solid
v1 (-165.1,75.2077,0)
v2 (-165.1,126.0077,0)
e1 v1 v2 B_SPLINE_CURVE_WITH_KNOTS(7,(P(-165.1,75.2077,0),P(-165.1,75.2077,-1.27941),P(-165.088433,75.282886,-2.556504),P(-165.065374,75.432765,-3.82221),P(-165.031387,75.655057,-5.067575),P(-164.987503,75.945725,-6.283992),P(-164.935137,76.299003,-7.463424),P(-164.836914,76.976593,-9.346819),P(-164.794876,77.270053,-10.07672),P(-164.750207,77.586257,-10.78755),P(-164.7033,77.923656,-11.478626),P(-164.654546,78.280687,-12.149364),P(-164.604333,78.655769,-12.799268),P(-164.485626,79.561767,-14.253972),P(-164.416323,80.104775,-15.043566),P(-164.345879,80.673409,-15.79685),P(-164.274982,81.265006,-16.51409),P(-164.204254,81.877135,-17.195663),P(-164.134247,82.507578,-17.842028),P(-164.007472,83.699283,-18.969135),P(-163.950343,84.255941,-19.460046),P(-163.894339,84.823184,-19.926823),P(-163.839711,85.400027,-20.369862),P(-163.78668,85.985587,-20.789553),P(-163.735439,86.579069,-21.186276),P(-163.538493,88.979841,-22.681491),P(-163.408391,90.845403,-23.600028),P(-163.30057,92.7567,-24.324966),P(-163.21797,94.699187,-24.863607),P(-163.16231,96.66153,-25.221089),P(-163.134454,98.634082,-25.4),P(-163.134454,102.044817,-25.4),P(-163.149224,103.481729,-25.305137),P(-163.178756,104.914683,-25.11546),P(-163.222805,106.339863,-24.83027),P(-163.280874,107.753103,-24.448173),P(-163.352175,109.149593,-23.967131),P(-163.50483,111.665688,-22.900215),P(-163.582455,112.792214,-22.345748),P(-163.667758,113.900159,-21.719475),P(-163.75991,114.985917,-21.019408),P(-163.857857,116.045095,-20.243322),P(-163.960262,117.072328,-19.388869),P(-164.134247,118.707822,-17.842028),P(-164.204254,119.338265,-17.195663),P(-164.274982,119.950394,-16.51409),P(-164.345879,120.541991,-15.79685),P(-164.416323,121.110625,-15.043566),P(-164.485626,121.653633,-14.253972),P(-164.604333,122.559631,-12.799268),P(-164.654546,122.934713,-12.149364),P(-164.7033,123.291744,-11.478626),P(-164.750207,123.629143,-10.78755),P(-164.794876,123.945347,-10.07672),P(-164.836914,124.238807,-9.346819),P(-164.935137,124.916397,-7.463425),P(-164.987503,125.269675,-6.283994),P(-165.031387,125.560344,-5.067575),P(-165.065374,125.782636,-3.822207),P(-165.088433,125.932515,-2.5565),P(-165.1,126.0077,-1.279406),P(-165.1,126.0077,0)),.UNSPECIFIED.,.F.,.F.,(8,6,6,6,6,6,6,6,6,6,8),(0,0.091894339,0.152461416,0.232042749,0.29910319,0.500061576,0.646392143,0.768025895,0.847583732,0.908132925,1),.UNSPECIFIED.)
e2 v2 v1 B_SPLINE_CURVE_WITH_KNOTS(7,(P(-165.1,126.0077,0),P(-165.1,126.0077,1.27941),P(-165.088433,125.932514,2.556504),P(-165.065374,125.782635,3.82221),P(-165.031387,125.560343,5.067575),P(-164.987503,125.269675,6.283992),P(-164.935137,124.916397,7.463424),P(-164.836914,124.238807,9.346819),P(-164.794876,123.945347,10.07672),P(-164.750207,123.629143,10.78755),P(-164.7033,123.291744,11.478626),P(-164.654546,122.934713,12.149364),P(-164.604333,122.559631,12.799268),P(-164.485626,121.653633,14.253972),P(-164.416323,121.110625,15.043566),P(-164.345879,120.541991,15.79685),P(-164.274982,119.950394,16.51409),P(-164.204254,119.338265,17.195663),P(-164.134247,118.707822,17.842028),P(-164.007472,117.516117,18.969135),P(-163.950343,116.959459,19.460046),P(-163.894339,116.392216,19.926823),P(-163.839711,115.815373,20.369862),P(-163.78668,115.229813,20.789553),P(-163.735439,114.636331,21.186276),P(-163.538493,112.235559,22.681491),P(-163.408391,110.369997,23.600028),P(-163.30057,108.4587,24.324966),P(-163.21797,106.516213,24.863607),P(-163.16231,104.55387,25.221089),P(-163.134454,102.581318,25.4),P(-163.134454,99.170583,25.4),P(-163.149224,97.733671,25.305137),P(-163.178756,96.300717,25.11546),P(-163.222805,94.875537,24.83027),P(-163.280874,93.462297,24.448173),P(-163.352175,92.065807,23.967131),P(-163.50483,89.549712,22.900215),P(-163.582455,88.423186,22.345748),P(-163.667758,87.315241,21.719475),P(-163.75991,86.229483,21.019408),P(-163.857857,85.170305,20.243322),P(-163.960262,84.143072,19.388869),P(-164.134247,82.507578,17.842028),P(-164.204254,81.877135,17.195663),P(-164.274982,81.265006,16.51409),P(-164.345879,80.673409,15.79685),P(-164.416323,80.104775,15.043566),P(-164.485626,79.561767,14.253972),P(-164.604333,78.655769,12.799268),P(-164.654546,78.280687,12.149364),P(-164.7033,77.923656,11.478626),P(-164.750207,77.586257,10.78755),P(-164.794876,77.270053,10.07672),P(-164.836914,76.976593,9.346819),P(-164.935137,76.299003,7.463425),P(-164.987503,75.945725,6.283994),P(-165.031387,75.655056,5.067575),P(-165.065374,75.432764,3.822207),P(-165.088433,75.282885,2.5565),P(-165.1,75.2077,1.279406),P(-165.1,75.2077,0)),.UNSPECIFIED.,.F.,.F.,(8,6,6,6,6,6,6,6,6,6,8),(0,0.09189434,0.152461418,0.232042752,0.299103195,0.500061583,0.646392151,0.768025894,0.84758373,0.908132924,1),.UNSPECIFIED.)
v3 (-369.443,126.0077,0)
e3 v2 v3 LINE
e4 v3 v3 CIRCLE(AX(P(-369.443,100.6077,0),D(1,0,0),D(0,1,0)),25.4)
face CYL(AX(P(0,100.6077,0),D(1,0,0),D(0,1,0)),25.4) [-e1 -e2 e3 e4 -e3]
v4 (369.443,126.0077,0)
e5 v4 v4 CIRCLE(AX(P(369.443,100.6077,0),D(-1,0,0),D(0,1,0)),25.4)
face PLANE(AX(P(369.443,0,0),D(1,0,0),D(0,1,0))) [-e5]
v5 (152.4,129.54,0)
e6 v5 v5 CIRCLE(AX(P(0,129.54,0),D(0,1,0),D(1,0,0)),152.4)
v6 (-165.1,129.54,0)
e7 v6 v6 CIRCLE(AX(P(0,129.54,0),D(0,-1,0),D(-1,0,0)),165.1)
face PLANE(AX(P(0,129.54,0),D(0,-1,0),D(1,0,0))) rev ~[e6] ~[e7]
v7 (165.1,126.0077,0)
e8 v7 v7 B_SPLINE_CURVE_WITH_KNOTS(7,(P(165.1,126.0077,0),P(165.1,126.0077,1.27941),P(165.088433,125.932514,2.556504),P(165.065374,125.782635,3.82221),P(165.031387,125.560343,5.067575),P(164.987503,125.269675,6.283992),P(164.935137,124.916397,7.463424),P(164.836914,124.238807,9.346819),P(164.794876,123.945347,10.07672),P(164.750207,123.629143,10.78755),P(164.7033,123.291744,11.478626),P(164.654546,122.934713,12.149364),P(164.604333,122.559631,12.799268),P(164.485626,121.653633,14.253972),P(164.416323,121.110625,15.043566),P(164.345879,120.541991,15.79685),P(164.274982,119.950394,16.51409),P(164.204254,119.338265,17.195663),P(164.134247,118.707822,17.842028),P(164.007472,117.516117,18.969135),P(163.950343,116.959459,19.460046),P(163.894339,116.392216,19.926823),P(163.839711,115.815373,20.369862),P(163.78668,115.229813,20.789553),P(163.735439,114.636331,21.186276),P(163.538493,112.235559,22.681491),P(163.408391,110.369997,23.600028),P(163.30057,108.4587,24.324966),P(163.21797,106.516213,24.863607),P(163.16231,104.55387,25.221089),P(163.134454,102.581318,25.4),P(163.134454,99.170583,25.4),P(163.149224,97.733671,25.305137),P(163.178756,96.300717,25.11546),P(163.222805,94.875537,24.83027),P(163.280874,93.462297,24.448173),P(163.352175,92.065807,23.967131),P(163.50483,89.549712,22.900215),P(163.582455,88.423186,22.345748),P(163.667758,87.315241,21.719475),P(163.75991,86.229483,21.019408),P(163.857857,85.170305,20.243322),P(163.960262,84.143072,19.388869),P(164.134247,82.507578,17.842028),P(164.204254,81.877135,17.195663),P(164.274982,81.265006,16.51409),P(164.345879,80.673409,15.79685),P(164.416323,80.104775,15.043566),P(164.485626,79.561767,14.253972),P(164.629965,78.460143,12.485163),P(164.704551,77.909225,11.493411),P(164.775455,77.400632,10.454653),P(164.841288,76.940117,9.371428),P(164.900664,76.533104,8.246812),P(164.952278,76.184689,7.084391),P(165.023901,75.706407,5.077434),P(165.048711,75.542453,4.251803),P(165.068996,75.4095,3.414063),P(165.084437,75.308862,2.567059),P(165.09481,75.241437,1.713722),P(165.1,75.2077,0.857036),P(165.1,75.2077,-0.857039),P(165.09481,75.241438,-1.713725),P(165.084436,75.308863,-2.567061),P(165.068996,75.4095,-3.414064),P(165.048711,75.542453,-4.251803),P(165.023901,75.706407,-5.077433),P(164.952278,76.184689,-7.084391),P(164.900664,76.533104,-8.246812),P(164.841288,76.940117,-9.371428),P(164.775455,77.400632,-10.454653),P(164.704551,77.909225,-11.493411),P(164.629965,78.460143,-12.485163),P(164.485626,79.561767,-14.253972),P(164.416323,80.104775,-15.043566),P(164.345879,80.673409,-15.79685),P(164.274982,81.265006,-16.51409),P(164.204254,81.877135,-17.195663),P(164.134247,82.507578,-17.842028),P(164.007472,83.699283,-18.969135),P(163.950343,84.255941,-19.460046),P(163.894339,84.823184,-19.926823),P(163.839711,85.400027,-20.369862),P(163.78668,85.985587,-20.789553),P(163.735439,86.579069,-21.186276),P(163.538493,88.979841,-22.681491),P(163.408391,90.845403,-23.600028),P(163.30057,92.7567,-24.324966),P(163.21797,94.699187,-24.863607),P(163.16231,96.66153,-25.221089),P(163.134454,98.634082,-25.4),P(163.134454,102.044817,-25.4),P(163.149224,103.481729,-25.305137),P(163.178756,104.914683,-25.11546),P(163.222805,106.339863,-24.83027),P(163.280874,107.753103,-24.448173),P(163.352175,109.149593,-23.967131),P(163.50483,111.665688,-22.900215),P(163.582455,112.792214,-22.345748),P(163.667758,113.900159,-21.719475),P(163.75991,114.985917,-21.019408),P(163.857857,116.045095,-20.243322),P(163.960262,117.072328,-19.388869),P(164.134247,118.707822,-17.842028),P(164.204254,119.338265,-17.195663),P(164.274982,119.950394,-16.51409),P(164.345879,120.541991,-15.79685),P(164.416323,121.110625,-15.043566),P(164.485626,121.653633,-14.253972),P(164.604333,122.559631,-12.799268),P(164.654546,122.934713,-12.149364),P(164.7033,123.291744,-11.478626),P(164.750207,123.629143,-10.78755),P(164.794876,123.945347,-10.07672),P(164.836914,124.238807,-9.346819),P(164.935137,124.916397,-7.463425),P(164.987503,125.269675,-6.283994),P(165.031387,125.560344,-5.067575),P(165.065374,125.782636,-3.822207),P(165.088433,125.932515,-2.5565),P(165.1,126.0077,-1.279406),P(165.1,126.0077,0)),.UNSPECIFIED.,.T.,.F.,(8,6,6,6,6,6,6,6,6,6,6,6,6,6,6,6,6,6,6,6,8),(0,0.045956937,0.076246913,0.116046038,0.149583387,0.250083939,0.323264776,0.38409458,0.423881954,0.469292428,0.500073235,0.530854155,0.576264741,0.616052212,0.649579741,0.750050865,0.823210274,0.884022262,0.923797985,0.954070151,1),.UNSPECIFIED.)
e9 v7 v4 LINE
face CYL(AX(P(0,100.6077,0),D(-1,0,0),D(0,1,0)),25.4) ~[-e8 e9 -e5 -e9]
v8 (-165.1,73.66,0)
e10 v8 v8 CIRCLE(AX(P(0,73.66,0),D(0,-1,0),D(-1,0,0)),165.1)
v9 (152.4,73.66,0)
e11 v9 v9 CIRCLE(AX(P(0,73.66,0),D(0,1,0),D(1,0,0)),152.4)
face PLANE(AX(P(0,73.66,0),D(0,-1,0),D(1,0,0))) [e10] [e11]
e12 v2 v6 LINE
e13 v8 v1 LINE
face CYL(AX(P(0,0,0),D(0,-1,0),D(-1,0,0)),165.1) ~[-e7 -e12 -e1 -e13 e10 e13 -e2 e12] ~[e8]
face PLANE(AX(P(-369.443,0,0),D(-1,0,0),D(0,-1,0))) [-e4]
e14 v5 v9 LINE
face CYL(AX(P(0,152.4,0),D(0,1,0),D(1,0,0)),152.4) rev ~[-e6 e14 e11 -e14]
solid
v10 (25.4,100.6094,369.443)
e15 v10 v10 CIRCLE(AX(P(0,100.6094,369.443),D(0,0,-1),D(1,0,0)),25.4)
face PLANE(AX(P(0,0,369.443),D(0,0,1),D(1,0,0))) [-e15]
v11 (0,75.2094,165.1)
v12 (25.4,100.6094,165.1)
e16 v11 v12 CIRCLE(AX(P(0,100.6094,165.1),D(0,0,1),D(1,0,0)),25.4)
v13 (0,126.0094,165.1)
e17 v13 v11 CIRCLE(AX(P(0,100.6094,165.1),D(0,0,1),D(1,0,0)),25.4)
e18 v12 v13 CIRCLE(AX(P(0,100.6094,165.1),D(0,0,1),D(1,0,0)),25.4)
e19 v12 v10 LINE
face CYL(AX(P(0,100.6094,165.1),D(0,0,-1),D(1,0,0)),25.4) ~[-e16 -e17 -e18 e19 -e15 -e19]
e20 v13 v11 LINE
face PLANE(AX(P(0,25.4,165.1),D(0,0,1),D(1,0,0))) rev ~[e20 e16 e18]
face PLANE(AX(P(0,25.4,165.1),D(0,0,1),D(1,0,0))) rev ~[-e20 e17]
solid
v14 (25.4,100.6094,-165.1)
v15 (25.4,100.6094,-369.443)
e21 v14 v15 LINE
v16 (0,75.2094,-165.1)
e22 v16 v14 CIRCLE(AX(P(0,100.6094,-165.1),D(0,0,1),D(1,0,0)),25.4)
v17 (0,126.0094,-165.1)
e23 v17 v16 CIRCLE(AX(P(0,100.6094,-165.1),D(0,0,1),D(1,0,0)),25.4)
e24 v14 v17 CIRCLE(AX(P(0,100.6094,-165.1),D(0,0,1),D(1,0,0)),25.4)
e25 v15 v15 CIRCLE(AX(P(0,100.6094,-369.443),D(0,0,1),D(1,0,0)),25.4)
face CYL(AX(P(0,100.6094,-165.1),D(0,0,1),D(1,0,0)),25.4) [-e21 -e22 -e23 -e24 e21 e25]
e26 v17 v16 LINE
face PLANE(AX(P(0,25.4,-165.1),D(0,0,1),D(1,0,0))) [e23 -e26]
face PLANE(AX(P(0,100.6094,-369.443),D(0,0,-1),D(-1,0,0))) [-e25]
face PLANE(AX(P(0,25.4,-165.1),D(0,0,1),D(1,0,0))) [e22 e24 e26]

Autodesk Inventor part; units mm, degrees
sketch "Sketch1" plane through (0, 0, 0) normal (0, 1, 0) x (-1, 0, 0)
  circle A0 centre (0, 0) radius 63.5
  circle A1 centre (0, 0) radius 165.1
  dimension "d0" = 127
  dimension "d1" = 330.2
extrude "Extrusion1" add sketch "Sketch1" along normal blind 152.4
sketch "Sketch2" plane through (0, 0, 0) normal (1, 0, 0) x (0, 1, 0)
  circle A0 centre (100.6077, 0) radius 25.4
  point P0 (0, 0)
  dimension "d4" = 50.8
extrude "Extrusion2" add sketch "Sketch2" along normal mid plane 889
sketch "Sketch4" plane through (0, 152.4, 0) normal (0, 1, 0) x (1, 0, 0)
  circle A0 centre (0, 0) radius 152.4
extrude "Extrusion4" cut sketch "Sketch4" against normal through all
sketch "Sketch5" plane through (0, 152.4, 0) normal (0, 1, 0) x (1, 0, 0)
  circle A0 centre (0, 0) radius 165.1
extrude "Extrusion5" add sketch "Sketch5" along normal blind 50.8 draft -50
ref_plane "Work Plane2" through (75.376, -18.8821, -44.9646) normal (1, 0, 0) x (0, 1, 0)
ref_plane "Work Plane5" through (0, 25.4, 165.1) normal (0, 0, 1) x (1, 0, 0)
sketch "Sketch11" plane through (0, 25.4, 165.1) normal (0, 0, 1) x (1, 0, 0)
  circle A0 centre (0, 75.2094) radius 25.4
  line L0 (165.1, -25.4) -> (-165.1, -25.4) projected
  point P0 (0, -25.4)
  dimension "d31" = 50.8
  dimension "d32" = 100.6094
extrude "Extrusion11" add sketch "Sketch11" along normal blind 280.543
ref_plane "Work Plane6" through (0, 25.4, -165.1) normal (0, 0, 1) x (1, 0, 0)
sketch "Sketch12" plane through (0, 25.4, -165.1) normal (0, 0, 1) x (1, 0, 0)
  circle A0 centre (0, 75.2094) radius 25.4
  line L0 (165.1, -25.4) -> (-165.1, -25.4) projected
  point P0 (0, -25.4)
  dimension "d36" = 50.8
  dimension "d37" = 100.6094
extrude "Extrusion12" add sketch "Sketch12" against normal blind 280.543
ref_plane "Work Plane10" through (0, 152.4, 0) normal (0, -1, 0) x (1, 0, 0)
ref_plane "Work Plane9" through (0, 63.5, 0) normal (0, -1, 0) x (1, 0, 0)
sketch "Sketch13" plane through (0, 152.4, 0) normal (0, -1, 0) x (1, 0, 0)
  line L0 (-199.2875, -201.2037) -> (234.7376, -201.2037)
  line L1 (234.7376, -201.2037) -> (234.7376, 210.7848)
  line L2 (234.7376, 210.7848) -> (-199.2875, 210.7848)
  line L3 (-199.2875, 210.7848) -> (-199.2875, -201.2037)
  point P0 (0, 0)
extrude "Extrusion13" cut sketch "Sketch13" against normal blind 127
sketch "Sketch14" plane through (0, 63.5, 0) normal (0, -1, 0) x (1, 0, 0)
  line L0 (-189.7063, -193.5388) -> (215.5754, -193.5388)
  line L1 (215.5754, -193.5388) -> (215.5754, 199.2875)
  line L2 (215.5754, 199.2875) -> (-189.7063, 199.2875)
  line L3 (-189.7063, 199.2875) -> (-189.7063, -193.5388)
  point P0 (0, 0)
extrude "Extrusion14" cut sketch "Sketch14" along normal blind 127
sketch "Sketch15" plane through (0, 152.4, 0) normal (0, -1, 0) x (1, 0, 0)
  line L0 (-191.281, -206.2668) -> (200.0455, -206.2668)
  line L1 (200.0455, -206.2668) -> (200.0455, 203.7628)
  line L2 (200.0455, 203.7628) -> (-191.281, 203.7628)
  line L3 (-191.281, 203.7628) -> (-191.281, -206.2668)
  point P0 (0, 0)
extrude "Extrusion15" cut sketch "Sketch15" along normal blind 22.86
ref_plane "Work Plane11" through (0, 63.5, 0) normal (0, -1, 0) x (1, 0, 0)
sketch "Sketch16" plane through (0, 63.5, 0) normal (0, -1, 0) x (1, 0, 0)
  line L0 (-192.0144, 196.808) -> (185.6827, 196.808)
  line L1 (185.6827, 196.808) -> (185.6827, -194.7534)
  line L2 (185.6827, -194.7534) -> (-192.0144, -194.7534)
  line L3 (-192.0144, -194.7534) -> (-192.0144, 196.808)
  point P0 (0, 0)
extrude "Extrusion16" cut sketch "Sketch16" against normal blind 10.16
ref_plane "Work Plane13" through (0, 0, 445.643) normal (0, 0, 1) x (1, 0, 0)
ref_plane "Work Plane15" through (-445.643, 0, 0) normal (-1, 0, 0) x (0, -1, 0)
sketch "Sketch17" plane through (0, 0, 445.643) normal (0, 0, 1) x (1, 0, 0)
  line L0 (-47.684, 139.8876) -> (71.13, 139.8876)
  line L1 (71.13, 139.8876) -> (71.13, 50.7534)
  line L2 (71.13, 50.7534) -> (-47.684, 50.7534)
  line L3 (-47.684, 50.7534) -> (-47.684, 139.8876)
  point P0 (0, 0)
extrude "Extrusion17" cut sketch "Sketch17" against normal blind 76.2
sketch "Sketch18" plane through (-445.643, 0, 0) normal (-1, 0, 0) x (0, -1, 0)
  point P0 (0, 0)
sketch "Sketch19" plane through (-445.643, 0, 0) normal (-1, 0, 0) x (0, -1, 0)
  line L0 (28.4387, 69.0414) -> (-174.8187, 69.0414)
  line L1 (-174.8187, 69.0414) -> (-174.8187, -79.7716)
  line L2 (-174.8187, -79.7716) -> (28.4387, -79.7716)
  line L3 (28.4387, -79.7716) -> (28.4387, 69.0414)
  point P0 (0, 0)
extrude "Extrusion18" cut sketch "Sketch19" against normal blind 76.2
ref_plane "Work Plane17" through (445.643, 0, 0) normal (1, 0, 0) x (0, 1, 0)
ref_plane "Work Plane19" through (0, 100.6094, -445.643) normal (0, 0, -1) x (-1, 0, 0)
sketch "Sketch20" plane through (0, 100.6094, -445.643) normal (0, 0, -1) x (-1, 0, 0)
  line L0 (-45.7787, 75.1807) -> (49.441, 75.1807)
  line L1 (49.441, 75.1807) -> (49.441, -71.311)
  line L2 (49.441, -71.311) -> (-45.7787, -71.311)
  line L3 (-45.7787, -71.311) -> (-45.7787, 75.1807)
  point P0 (0, -100.6094)
extrude "Extrusion19" cut sketch "Sketch20" against normal blind 76.2
sketch "Sketch21" plane through (445.643, 0, 0) normal (1, 0, 0) x (0, 1, 0)
  line L0 (168.4656, -97.0508) -> (0, -97.0508)
  line L1 (0, -97.0508) -> (0, 73.2459)
  line L2 (0, 73.2459) -> (168.4656, 73.2459)
  line L3 (168.4656, 73.2459) -> (168.4656, -97.0508)
  point P0 (0, 0)
extrude "Extrusion20" cut sketch "Sketch21" against normal blind 76.2
ref_plane "Work Plane8" through (0, 0, 0) normal (0, -1, 0) x (1, 0, 0)
properties part number "UpperSailCapMid-ver1-1111-2021"
